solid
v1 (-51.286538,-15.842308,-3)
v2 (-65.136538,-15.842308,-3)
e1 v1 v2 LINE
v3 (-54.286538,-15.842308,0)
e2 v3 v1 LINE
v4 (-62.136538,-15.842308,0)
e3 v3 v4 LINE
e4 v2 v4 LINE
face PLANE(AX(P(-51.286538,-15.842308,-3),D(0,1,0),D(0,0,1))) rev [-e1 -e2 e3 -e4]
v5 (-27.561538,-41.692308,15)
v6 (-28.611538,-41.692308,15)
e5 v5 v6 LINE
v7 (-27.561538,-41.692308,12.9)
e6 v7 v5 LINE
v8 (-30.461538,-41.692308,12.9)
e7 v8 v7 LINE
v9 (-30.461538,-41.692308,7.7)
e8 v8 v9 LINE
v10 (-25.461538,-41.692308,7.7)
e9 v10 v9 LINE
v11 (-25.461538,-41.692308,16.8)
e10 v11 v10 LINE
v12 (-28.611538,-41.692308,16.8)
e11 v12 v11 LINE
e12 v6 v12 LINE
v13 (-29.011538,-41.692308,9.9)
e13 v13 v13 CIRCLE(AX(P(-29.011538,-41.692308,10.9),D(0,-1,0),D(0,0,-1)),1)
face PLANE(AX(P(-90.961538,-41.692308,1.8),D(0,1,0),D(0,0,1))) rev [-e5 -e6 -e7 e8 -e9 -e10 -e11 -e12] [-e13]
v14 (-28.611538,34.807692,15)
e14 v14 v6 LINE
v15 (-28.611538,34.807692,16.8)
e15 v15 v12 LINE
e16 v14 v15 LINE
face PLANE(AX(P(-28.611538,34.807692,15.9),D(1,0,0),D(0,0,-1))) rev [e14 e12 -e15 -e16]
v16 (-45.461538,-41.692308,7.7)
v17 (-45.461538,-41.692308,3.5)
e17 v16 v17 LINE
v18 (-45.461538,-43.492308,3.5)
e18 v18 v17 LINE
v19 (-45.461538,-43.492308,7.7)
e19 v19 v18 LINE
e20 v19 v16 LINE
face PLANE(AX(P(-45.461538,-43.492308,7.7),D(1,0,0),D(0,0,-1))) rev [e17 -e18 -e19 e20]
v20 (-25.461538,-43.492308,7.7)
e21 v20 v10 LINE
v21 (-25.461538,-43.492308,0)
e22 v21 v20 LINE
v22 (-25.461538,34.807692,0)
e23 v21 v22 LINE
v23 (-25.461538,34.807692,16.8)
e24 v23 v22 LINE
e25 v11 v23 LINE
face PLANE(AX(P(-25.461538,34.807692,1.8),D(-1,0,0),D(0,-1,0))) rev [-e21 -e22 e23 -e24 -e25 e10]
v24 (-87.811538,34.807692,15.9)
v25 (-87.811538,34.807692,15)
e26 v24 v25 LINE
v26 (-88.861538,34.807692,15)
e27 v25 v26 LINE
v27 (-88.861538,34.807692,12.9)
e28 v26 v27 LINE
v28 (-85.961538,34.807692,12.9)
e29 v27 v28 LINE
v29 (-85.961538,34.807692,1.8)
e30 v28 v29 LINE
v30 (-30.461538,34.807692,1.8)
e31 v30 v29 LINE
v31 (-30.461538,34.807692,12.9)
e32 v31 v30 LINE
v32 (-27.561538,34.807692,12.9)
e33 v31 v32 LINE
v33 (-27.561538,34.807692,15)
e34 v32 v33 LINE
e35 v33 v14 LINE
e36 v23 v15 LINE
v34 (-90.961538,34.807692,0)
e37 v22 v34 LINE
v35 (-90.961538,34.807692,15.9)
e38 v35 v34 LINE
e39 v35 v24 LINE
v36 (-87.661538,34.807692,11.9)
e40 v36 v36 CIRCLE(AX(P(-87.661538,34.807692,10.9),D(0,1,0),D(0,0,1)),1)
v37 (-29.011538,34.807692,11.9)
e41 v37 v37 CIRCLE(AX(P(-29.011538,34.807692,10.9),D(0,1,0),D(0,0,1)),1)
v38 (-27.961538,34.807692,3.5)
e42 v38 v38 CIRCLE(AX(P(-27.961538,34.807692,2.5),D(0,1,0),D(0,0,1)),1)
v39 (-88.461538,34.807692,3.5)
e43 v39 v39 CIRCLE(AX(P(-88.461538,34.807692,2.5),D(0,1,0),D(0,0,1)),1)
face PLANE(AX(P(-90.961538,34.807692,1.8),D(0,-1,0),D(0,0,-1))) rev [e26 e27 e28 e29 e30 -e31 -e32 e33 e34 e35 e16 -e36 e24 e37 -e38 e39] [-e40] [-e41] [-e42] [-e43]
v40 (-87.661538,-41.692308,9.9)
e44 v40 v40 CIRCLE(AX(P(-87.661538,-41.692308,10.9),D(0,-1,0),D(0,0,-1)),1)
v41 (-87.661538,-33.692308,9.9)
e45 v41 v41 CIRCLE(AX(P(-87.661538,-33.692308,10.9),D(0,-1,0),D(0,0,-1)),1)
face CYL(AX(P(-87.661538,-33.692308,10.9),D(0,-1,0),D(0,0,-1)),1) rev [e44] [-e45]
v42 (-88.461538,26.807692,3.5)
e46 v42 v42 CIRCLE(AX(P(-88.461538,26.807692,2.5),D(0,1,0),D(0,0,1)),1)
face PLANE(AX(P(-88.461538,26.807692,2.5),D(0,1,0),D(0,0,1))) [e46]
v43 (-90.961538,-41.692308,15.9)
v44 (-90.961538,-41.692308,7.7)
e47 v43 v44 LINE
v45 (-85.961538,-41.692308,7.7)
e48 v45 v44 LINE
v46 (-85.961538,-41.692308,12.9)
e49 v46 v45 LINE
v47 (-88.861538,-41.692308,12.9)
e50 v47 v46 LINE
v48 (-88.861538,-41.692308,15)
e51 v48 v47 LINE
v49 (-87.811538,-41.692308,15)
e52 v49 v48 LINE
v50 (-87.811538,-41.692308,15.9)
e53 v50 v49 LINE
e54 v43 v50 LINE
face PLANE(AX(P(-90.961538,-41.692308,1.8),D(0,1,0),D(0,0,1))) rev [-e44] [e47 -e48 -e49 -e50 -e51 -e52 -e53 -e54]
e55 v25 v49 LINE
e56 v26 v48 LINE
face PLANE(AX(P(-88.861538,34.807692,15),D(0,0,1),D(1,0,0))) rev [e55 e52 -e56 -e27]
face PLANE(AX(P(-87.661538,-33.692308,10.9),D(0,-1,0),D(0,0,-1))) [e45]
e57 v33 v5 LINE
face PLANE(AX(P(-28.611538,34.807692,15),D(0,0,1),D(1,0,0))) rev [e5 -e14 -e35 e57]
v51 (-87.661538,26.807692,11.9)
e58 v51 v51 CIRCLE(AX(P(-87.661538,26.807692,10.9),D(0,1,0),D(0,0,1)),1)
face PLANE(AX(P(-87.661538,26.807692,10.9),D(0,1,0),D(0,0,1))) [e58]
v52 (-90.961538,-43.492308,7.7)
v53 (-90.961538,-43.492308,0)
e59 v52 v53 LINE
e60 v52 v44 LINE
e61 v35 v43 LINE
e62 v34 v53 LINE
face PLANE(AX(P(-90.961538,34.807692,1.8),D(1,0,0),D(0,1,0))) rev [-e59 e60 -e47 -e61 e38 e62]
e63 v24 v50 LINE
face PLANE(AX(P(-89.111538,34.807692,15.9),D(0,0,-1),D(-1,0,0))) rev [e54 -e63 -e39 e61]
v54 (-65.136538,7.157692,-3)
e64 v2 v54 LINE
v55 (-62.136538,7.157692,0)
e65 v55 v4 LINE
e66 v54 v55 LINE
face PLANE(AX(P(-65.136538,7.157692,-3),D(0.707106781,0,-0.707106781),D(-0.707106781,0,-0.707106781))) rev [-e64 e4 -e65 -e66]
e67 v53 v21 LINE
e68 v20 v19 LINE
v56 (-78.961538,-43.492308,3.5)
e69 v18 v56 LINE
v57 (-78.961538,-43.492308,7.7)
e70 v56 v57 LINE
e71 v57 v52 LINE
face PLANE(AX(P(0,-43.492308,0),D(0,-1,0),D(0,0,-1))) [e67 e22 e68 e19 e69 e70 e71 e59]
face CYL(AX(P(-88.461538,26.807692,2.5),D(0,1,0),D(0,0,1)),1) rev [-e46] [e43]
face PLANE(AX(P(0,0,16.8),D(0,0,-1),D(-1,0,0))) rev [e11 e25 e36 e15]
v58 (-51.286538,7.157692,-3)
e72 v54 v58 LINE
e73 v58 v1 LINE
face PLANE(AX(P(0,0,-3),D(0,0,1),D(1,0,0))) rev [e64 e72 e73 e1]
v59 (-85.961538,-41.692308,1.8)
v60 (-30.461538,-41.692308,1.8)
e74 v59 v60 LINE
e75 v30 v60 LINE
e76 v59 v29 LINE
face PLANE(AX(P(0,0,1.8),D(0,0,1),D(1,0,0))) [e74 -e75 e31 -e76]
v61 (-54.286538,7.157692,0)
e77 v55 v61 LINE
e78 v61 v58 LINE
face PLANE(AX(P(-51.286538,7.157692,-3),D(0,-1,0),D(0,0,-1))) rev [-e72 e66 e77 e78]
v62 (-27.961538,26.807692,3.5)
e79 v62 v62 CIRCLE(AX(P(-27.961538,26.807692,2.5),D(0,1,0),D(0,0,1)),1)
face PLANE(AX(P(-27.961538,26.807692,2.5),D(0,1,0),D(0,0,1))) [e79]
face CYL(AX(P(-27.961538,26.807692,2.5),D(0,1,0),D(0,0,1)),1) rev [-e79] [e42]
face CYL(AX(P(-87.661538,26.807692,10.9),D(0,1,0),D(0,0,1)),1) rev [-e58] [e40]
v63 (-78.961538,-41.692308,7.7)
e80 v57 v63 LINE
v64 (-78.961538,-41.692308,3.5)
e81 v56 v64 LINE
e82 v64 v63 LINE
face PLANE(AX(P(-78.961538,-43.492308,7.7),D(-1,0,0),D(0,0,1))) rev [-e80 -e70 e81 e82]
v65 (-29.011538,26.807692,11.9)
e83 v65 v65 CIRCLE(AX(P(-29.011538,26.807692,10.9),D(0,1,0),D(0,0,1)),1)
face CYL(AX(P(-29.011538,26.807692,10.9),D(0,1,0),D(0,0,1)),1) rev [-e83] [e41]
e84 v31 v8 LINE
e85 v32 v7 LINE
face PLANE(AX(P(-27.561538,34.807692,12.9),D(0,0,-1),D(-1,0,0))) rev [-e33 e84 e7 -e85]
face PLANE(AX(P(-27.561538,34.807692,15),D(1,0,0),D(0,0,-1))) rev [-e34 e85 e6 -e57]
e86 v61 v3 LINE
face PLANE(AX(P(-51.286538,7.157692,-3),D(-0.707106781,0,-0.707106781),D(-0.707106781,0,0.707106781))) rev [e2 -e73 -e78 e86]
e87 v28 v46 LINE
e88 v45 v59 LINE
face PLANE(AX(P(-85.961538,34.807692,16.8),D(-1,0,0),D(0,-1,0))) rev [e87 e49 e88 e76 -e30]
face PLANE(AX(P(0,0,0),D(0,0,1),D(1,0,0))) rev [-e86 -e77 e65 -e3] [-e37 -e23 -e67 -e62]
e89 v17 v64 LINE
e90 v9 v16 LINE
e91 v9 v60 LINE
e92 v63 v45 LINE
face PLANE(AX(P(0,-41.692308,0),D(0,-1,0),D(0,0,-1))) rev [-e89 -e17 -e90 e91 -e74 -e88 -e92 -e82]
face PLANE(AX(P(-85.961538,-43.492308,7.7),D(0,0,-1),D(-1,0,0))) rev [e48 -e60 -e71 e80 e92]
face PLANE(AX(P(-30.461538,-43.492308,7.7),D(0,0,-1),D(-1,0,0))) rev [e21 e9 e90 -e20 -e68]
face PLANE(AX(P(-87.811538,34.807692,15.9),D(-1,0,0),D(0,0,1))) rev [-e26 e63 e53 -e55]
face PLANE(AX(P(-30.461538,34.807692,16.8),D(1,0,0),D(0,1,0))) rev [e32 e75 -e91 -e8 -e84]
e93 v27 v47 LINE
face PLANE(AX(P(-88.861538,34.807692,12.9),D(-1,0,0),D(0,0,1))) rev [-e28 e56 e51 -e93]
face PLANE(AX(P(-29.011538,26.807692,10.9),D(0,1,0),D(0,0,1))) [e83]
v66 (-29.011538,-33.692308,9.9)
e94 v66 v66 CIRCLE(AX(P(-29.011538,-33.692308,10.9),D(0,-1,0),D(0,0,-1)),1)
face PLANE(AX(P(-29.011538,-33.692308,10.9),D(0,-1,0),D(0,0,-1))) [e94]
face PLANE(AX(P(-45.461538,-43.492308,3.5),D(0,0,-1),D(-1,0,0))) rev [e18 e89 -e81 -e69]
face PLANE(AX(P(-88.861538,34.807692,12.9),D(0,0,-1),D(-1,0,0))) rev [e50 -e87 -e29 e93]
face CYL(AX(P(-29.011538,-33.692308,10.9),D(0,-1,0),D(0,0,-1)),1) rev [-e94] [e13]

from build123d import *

# Parameters (mm, degrees)
CROQUIS1_W              = 65.5
CROQUIS1_H              = 76.5
SALIENTE_EXTRUIR1_DEPTH = 1.8
CROQUIS2_W              = 5
CROQUIS2_H              = 76.5
SALIENTE_EXTRUIR2_DEPTH = 15
CORTAR_EXTRUIR1_DEPTH   = 76.5
SALIENTE_EXTRUIR4_DEPTH = 1.8
CROQUIS7_W              = 13.85
CROQUIS7_H              = 23
SALIENTE_EXTRUIR5_DEPTH = 3
CORTAR_EXTRUIR5_DEPTH   = 23
CROQUIS10_R             = 1
CORTAR_EXTRUIR6_DEPTH   = 8
CORTAR_EXTRUIR7_START   = -8
CROQUIS11_R             = 1
CORTAR_EXTRUIR7_DEPTH   = 8
CROQUIS12_R             = 1
CORTAR_EXTRUIR8_DEPTH   = 8


with BuildPart() as part:
    # Croquis1 → Saliente-Extruir1 (new body)
    with BuildSketch(Plane.XY):
        with Locations((-58.211538462, -3.442307692)):
            Rectangle(CROQUIS1_W, CROQUIS1_H)
    extrude(amount=SALIENTE_EXTRUIR1_DEPTH)

    # Croquis2 → Saliente-Extruir2 (add)
    with BuildSketch(Plane.XY.offset(1.8)):
        with Locations((-88.461538462, -3.442307692)):
            Rectangle(CROQUIS2_W, CROQUIS2_H)
        with Locations((-27.961538462, -3.442307692)):
            Rectangle(CROQUIS2_W, CROQUIS2_H)
    extrude(amount=SALIENTE_EXTRUIR2_DEPTH)

    # Croquis3 → Cortar-Extruir1 (cut)
    with BuildSketch(Plane.XZ.offset(41.692307692)):
        Polygon((-89.111538462, 15.9), (-87.811538462, 15.9), (-87.811538462, 15), (-88.461538462, 15), (-88.861538462, 15), (-88.861538462, 12.9), (-85.961538462, 12.9), (-85.961538462, 15), (-85.961538462, 16.8), (-89.111538462, 16.8), (-90.961538462, 16.8), (-90.961538462, 15.9), align=None)
        Polygon((-30.461538462, 15), (-30.461538462, 12.9), (-27.561538462, 12.9), (-27.561538462, 15), (-28.611538462, 15), (-28.611538462, 15.9), (-28.611538462, 16.8), (-30.461538462, 16.8), align=None)
    extrude(amount=-CORTAR_EXTRUIR1_DEPTH, mode=Mode.SUBTRACT)

    # Croquis6 → Saliente-Extruir4 (add)
    with BuildSketch(Plane.XZ.offset(41.692307692)):
        Polygon((-85.961538462, 7.7), (-78.961538462, 7.7), (-78.961538462, 3.5), (-45.461538462, 3.5), (-45.461538462, 7.7), (-30.461538462, 7.7), (-25.461538462, 7.7), (-25.461538462, 0), (-90.961538462, 0), (-90.961538462, 7.7), align=None)
    extrude(amount=SALIENTE_EXTRUIR4_DEPTH)

    # Croquis7 → Saliente-Extruir5 (add)
    with BuildSketch(Plane(origin=(0, 0, 0), x_dir=(-1, 0, 0), z_dir=(0, 0, -1))):
        with Locations((58.211538462, -4.342307692)):
            Rectangle(CROQUIS7_W, CROQUIS7_H)
    extrude(amount=SALIENTE_EXTRUIR5_DEPTH)

    # Croquis9 → Cortar-Extruir5 (cut)
    with BuildSketch(Plane.XZ.offset(15.842307692)):
        Polygon((-51.286538462, -3), (-54.286538462, 0), (-51.286538462, 0), align=None)
        Polygon((-65.136538462, -3), (-62.136538462, 0), (-65.136538462, 0), align=None)
    extrude(amount=-CORTAR_EXTRUIR5_DEPTH, mode=Mode.SUBTRACT)

    # Croquis10 → Cortar-Extruir6 (cut)
    with BuildSketch(Plane.XZ.offset(41.692307692)):
        with Locations(Location((-87.661538462, 10.9, 0), (0, 0, 270))):
            Circle(CROQUIS10_R)
        with Locations(Location((-29.011538462, 10.9, 0), (0, 0, 270))):
            Circle(CROQUIS10_R)
    extrude(amount=-CORTAR_EXTRUIR6_DEPTH, mode=Mode.SUBTRACT)

    # Croquis11 → Cortar-Extruir7 (cut)
    with BuildSketch(Plane(origin=(0, 34.807692308, 0), x_dir=(1, 0, 0), z_dir=(0, 1, 0)).offset(CORTAR_EXTRUIR7_START)):
        with Locations(Location((-29.011538462, -10.9, 0), (0, 0, 90))):
            Circle(CROQUIS11_R)
        with Locations(Location((-87.661538462, -10.9, 0), (0, 0, 90))):
            Circle(CROQUIS11_R)
    extrude(amount=CORTAR_EXTRUIR7_DEPTH, mode=Mode.SUBTRACT)

    # Croquis12 → Cortar-Extruir8 (cut)
    with BuildSketch(Plane(origin=(0, 34.807692308, 0), x_dir=(1, 0, 0), z_dir=(0, 1, 0))):
        with Locations(Location((-27.961538462, -2.5, 0), (0, 0, 270))):
            Circle(CROQUIS12_R)
        with Locations(Location((-88.461538462, -2.5, 0), (0, 0, 270))):
            Circle(CROQUIS12_R)
    extrude(amount=-CORTAR_EXTRUIR8_DEPTH, mode=Mode.SUBTRACT)


solid = part.part
